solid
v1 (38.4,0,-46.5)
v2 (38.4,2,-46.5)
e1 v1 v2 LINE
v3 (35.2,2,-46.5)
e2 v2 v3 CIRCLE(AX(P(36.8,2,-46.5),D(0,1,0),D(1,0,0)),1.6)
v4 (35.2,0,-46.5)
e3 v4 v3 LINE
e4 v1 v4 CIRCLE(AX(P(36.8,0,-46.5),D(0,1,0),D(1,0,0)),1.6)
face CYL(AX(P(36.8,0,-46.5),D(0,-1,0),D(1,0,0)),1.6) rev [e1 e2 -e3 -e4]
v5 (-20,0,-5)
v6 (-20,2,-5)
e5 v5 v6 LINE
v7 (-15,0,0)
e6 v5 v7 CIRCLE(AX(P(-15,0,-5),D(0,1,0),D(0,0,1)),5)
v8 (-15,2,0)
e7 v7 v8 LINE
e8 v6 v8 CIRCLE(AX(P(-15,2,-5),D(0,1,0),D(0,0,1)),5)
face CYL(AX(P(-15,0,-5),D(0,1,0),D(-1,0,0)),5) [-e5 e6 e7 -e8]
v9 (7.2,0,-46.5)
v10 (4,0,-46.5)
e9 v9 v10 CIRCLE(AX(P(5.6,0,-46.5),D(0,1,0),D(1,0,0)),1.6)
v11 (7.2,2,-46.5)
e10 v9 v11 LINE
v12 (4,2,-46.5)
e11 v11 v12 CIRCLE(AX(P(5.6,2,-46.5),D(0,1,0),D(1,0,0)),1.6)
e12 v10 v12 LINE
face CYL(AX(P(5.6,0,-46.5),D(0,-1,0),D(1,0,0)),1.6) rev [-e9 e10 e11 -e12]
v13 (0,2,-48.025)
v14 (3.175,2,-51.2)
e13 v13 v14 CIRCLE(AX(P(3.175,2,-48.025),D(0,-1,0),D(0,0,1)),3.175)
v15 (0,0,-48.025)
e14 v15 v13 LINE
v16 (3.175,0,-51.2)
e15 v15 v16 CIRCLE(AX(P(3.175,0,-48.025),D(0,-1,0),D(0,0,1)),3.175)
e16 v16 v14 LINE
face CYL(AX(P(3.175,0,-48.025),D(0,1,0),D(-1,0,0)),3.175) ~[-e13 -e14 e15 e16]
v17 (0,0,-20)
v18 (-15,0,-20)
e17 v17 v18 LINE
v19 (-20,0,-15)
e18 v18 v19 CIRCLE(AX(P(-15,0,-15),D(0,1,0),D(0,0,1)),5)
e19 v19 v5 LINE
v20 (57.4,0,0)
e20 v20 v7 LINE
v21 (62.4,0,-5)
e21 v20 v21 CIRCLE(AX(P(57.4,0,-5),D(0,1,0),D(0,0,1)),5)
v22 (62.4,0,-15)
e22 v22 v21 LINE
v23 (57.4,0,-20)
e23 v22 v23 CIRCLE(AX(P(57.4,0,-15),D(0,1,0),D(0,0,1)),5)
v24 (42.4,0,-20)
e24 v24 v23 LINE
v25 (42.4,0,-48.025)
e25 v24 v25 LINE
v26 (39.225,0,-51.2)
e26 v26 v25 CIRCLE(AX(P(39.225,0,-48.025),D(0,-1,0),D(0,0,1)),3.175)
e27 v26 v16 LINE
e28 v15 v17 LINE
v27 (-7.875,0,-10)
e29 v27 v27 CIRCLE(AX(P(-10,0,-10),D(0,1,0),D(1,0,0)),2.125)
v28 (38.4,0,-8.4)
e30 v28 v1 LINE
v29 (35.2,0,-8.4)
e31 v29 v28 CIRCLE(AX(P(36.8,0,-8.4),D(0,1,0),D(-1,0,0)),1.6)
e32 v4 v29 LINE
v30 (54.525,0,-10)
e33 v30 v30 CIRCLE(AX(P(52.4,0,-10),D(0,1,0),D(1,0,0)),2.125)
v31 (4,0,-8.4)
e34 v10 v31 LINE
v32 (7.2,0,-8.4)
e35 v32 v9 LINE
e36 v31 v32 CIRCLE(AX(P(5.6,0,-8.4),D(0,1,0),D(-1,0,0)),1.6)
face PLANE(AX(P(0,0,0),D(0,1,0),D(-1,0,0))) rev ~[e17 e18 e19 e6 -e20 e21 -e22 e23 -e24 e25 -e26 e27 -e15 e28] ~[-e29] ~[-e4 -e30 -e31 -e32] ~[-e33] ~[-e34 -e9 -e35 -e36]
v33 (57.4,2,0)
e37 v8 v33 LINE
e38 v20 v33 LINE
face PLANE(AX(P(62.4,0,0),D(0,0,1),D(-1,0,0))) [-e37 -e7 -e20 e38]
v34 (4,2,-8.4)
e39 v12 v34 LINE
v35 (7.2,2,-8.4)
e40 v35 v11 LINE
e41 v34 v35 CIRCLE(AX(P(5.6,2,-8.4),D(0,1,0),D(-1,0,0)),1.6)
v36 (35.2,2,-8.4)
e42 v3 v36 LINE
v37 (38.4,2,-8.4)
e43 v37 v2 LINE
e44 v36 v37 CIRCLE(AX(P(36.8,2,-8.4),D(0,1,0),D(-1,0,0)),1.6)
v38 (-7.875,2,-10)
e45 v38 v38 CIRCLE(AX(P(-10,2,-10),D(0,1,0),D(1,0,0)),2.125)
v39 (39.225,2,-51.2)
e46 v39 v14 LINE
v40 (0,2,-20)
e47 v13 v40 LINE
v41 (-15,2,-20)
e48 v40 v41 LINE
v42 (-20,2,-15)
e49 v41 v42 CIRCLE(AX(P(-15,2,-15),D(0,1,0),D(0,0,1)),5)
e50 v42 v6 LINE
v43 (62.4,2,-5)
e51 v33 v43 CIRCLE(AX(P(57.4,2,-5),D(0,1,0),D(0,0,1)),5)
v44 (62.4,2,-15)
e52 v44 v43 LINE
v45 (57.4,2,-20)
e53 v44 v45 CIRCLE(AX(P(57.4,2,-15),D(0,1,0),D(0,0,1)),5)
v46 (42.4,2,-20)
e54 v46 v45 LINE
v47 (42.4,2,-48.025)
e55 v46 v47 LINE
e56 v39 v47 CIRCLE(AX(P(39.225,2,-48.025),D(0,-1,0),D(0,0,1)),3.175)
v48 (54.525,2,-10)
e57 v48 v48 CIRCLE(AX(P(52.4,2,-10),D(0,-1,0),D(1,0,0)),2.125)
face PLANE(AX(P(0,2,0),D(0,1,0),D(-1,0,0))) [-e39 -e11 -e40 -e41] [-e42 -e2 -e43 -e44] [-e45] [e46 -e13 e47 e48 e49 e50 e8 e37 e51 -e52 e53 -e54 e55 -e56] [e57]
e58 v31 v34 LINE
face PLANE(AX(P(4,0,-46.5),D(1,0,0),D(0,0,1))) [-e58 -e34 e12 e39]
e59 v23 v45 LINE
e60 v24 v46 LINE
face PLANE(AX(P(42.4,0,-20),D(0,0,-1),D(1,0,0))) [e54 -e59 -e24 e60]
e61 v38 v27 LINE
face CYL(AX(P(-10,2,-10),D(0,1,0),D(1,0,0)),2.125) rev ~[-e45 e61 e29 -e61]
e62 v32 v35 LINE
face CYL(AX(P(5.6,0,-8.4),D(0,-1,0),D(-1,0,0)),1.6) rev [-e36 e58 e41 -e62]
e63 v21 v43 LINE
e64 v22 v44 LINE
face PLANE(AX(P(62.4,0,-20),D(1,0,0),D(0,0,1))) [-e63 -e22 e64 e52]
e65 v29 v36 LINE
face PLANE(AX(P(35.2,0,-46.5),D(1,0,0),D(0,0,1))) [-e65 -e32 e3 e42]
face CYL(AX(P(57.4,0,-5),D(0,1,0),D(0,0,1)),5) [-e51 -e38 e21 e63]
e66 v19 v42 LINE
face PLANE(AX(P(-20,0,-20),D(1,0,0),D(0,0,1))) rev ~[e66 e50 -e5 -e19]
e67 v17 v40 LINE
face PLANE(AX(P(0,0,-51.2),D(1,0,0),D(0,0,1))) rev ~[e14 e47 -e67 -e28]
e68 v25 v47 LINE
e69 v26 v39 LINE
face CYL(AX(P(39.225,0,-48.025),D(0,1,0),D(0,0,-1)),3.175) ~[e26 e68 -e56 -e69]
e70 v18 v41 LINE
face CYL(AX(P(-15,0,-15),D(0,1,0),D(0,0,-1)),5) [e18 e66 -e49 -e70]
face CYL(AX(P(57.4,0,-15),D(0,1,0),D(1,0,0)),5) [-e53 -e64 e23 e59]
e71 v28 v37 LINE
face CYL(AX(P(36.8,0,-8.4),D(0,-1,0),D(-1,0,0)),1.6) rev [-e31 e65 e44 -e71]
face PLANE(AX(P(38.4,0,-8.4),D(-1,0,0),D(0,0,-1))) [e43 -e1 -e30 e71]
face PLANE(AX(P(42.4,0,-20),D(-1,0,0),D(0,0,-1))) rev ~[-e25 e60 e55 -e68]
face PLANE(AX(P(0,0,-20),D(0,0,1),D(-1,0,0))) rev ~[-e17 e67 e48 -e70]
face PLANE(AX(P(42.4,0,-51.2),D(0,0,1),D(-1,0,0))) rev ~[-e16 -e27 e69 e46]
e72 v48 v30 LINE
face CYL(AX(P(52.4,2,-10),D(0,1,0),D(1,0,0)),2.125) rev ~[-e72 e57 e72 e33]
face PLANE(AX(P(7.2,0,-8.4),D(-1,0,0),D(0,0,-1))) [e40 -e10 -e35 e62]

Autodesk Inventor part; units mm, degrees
ref_plane "YZ Plane" through (0, 0, 0) normal (1, 0, 0) x (0, 1, 0)
ref_plane "XZ Plane" through (0, 0, 0) normal (0, 1, 0) x (-1, 0, 0)
ref_plane "XY Plane" through (0, 0, 0) normal (0, 0, 1) x (1, 0, 0)
sketch "Sketch1" plane through (0, 0, 0) normal (0, 1, 0) x (-1, 0, 0)
  line L0 (0, 0) -> (-42.4, 0)
  line L1 (-42.4, -20) -> (-42.4, -51.2)
  line L2 (-42.4, -51.2) -> (0, -51.2)
  line L3 (0, -51.2) -> (0, -20)
  line L4 (-21.2, 0) -> (-6.45, 0)
  line L5 (-6.45, 0) -> (-28.15, 0)
  line L6 (-21.2, 0) -> (0.55, 0)
  line L7 (0.55, 0) -> (-30.65, 0)
  line L8 (-21.2, 0) -> (-5.6, 0)
  line L9 (-5.6, 0) -> (-36.8, 0)
  arc A0 (-35.2, -8.4) -> (-38.4, -8.4) centre (-36.8, -8.4) ccw
  arc A1 (-38.4, -46.5) -> (-35.2, -46.5) centre (-36.8, -46.5) ccw
  arc A2 (-4, -8.4) -> (-7.2, -8.4) centre (-5.6, -8.4) ccw
  arc A3 (-7.2, -46.5) -> (-4, -46.5) centre (-5.6, -46.5) ccw
  line L10 (0, 0) -> (0, -20)
  line L11 (0, -20) -> (20, -20)
  line L12 (20, -20) -> (20, 0)
  line L13 (20, 0) -> (0, 0)
  line L14 (-42.4, -20) -> (-62.4, -20)
  line L15 (-62.4, -20) -> (-62.4, 0)
  line L16 (-62.4, 0) -> (-42.4, 0)
  line L17 (-4, -46.5) -> (-4, -8.4)
  line L18 (-7.2, -8.4) -> (-7.2, -46.5)
  line L19 (-35.2, -46.5) -> (-35.2, -8.4)
  line L20 (-38.4, -8.4) -> (-38.4, -46.5)
  dimension "d0" = 42.4
  dimension "d1" = 51.2
  dimension "d41" = 15.6
  dimension "d42" = 31.2
  dimension "d50" = 3.2
  dimension "d56" = 3.2
  dimension "d57" = 3.2
  dimension "d63" = 3.2
  dimension "d67" = 8.4
  dimension "d77" = 8.4
  dimension "d81" = 20
  dimension "d82" = 20
  dimension "d83" = 20
extrude "Extrusion3" add sketch "Sketch1" along normal blind 2
fillet "Fillet2" radius 3.175 2 edges at (0, 1, -51.2) (42.4, 1, -51.2)
sketch "Sketch2" plane through (0, 2, 0) normal (0, 1, 0) x (1, 0, 0)
  circle A0 centre (-10, 10) radius 2.125
  line L0 (-20, 0) -> (62.4, 0) projected
  line L1 (38.17, 0) -> (48.17, 0)
  line L2 (62.4, 0) -> (52.4, 0)
  line L3 (-20, 0) -> (62.4, 0) projected
  line L4 (52.4, 0) -> (52.4, 10)
  circle A1 centre (52.4, 10) radius 2.125
  point P0 (0, 0)
  dimension "d85" = 4.25
  dimension "d92" = 10
  dimension "d93" = 10
  dimension "d94" = 4.25
extrude "Extrusion4" cut sketch "Sketch2" against normal blind 2
fillet "Fillet3" radius 5 4 edges at (62.4, 1, -20) (62.4, 1, 0) (-20, 1, 0) (-20, 1, -20)
properties part number "Motor Attachment Small 3.0"
